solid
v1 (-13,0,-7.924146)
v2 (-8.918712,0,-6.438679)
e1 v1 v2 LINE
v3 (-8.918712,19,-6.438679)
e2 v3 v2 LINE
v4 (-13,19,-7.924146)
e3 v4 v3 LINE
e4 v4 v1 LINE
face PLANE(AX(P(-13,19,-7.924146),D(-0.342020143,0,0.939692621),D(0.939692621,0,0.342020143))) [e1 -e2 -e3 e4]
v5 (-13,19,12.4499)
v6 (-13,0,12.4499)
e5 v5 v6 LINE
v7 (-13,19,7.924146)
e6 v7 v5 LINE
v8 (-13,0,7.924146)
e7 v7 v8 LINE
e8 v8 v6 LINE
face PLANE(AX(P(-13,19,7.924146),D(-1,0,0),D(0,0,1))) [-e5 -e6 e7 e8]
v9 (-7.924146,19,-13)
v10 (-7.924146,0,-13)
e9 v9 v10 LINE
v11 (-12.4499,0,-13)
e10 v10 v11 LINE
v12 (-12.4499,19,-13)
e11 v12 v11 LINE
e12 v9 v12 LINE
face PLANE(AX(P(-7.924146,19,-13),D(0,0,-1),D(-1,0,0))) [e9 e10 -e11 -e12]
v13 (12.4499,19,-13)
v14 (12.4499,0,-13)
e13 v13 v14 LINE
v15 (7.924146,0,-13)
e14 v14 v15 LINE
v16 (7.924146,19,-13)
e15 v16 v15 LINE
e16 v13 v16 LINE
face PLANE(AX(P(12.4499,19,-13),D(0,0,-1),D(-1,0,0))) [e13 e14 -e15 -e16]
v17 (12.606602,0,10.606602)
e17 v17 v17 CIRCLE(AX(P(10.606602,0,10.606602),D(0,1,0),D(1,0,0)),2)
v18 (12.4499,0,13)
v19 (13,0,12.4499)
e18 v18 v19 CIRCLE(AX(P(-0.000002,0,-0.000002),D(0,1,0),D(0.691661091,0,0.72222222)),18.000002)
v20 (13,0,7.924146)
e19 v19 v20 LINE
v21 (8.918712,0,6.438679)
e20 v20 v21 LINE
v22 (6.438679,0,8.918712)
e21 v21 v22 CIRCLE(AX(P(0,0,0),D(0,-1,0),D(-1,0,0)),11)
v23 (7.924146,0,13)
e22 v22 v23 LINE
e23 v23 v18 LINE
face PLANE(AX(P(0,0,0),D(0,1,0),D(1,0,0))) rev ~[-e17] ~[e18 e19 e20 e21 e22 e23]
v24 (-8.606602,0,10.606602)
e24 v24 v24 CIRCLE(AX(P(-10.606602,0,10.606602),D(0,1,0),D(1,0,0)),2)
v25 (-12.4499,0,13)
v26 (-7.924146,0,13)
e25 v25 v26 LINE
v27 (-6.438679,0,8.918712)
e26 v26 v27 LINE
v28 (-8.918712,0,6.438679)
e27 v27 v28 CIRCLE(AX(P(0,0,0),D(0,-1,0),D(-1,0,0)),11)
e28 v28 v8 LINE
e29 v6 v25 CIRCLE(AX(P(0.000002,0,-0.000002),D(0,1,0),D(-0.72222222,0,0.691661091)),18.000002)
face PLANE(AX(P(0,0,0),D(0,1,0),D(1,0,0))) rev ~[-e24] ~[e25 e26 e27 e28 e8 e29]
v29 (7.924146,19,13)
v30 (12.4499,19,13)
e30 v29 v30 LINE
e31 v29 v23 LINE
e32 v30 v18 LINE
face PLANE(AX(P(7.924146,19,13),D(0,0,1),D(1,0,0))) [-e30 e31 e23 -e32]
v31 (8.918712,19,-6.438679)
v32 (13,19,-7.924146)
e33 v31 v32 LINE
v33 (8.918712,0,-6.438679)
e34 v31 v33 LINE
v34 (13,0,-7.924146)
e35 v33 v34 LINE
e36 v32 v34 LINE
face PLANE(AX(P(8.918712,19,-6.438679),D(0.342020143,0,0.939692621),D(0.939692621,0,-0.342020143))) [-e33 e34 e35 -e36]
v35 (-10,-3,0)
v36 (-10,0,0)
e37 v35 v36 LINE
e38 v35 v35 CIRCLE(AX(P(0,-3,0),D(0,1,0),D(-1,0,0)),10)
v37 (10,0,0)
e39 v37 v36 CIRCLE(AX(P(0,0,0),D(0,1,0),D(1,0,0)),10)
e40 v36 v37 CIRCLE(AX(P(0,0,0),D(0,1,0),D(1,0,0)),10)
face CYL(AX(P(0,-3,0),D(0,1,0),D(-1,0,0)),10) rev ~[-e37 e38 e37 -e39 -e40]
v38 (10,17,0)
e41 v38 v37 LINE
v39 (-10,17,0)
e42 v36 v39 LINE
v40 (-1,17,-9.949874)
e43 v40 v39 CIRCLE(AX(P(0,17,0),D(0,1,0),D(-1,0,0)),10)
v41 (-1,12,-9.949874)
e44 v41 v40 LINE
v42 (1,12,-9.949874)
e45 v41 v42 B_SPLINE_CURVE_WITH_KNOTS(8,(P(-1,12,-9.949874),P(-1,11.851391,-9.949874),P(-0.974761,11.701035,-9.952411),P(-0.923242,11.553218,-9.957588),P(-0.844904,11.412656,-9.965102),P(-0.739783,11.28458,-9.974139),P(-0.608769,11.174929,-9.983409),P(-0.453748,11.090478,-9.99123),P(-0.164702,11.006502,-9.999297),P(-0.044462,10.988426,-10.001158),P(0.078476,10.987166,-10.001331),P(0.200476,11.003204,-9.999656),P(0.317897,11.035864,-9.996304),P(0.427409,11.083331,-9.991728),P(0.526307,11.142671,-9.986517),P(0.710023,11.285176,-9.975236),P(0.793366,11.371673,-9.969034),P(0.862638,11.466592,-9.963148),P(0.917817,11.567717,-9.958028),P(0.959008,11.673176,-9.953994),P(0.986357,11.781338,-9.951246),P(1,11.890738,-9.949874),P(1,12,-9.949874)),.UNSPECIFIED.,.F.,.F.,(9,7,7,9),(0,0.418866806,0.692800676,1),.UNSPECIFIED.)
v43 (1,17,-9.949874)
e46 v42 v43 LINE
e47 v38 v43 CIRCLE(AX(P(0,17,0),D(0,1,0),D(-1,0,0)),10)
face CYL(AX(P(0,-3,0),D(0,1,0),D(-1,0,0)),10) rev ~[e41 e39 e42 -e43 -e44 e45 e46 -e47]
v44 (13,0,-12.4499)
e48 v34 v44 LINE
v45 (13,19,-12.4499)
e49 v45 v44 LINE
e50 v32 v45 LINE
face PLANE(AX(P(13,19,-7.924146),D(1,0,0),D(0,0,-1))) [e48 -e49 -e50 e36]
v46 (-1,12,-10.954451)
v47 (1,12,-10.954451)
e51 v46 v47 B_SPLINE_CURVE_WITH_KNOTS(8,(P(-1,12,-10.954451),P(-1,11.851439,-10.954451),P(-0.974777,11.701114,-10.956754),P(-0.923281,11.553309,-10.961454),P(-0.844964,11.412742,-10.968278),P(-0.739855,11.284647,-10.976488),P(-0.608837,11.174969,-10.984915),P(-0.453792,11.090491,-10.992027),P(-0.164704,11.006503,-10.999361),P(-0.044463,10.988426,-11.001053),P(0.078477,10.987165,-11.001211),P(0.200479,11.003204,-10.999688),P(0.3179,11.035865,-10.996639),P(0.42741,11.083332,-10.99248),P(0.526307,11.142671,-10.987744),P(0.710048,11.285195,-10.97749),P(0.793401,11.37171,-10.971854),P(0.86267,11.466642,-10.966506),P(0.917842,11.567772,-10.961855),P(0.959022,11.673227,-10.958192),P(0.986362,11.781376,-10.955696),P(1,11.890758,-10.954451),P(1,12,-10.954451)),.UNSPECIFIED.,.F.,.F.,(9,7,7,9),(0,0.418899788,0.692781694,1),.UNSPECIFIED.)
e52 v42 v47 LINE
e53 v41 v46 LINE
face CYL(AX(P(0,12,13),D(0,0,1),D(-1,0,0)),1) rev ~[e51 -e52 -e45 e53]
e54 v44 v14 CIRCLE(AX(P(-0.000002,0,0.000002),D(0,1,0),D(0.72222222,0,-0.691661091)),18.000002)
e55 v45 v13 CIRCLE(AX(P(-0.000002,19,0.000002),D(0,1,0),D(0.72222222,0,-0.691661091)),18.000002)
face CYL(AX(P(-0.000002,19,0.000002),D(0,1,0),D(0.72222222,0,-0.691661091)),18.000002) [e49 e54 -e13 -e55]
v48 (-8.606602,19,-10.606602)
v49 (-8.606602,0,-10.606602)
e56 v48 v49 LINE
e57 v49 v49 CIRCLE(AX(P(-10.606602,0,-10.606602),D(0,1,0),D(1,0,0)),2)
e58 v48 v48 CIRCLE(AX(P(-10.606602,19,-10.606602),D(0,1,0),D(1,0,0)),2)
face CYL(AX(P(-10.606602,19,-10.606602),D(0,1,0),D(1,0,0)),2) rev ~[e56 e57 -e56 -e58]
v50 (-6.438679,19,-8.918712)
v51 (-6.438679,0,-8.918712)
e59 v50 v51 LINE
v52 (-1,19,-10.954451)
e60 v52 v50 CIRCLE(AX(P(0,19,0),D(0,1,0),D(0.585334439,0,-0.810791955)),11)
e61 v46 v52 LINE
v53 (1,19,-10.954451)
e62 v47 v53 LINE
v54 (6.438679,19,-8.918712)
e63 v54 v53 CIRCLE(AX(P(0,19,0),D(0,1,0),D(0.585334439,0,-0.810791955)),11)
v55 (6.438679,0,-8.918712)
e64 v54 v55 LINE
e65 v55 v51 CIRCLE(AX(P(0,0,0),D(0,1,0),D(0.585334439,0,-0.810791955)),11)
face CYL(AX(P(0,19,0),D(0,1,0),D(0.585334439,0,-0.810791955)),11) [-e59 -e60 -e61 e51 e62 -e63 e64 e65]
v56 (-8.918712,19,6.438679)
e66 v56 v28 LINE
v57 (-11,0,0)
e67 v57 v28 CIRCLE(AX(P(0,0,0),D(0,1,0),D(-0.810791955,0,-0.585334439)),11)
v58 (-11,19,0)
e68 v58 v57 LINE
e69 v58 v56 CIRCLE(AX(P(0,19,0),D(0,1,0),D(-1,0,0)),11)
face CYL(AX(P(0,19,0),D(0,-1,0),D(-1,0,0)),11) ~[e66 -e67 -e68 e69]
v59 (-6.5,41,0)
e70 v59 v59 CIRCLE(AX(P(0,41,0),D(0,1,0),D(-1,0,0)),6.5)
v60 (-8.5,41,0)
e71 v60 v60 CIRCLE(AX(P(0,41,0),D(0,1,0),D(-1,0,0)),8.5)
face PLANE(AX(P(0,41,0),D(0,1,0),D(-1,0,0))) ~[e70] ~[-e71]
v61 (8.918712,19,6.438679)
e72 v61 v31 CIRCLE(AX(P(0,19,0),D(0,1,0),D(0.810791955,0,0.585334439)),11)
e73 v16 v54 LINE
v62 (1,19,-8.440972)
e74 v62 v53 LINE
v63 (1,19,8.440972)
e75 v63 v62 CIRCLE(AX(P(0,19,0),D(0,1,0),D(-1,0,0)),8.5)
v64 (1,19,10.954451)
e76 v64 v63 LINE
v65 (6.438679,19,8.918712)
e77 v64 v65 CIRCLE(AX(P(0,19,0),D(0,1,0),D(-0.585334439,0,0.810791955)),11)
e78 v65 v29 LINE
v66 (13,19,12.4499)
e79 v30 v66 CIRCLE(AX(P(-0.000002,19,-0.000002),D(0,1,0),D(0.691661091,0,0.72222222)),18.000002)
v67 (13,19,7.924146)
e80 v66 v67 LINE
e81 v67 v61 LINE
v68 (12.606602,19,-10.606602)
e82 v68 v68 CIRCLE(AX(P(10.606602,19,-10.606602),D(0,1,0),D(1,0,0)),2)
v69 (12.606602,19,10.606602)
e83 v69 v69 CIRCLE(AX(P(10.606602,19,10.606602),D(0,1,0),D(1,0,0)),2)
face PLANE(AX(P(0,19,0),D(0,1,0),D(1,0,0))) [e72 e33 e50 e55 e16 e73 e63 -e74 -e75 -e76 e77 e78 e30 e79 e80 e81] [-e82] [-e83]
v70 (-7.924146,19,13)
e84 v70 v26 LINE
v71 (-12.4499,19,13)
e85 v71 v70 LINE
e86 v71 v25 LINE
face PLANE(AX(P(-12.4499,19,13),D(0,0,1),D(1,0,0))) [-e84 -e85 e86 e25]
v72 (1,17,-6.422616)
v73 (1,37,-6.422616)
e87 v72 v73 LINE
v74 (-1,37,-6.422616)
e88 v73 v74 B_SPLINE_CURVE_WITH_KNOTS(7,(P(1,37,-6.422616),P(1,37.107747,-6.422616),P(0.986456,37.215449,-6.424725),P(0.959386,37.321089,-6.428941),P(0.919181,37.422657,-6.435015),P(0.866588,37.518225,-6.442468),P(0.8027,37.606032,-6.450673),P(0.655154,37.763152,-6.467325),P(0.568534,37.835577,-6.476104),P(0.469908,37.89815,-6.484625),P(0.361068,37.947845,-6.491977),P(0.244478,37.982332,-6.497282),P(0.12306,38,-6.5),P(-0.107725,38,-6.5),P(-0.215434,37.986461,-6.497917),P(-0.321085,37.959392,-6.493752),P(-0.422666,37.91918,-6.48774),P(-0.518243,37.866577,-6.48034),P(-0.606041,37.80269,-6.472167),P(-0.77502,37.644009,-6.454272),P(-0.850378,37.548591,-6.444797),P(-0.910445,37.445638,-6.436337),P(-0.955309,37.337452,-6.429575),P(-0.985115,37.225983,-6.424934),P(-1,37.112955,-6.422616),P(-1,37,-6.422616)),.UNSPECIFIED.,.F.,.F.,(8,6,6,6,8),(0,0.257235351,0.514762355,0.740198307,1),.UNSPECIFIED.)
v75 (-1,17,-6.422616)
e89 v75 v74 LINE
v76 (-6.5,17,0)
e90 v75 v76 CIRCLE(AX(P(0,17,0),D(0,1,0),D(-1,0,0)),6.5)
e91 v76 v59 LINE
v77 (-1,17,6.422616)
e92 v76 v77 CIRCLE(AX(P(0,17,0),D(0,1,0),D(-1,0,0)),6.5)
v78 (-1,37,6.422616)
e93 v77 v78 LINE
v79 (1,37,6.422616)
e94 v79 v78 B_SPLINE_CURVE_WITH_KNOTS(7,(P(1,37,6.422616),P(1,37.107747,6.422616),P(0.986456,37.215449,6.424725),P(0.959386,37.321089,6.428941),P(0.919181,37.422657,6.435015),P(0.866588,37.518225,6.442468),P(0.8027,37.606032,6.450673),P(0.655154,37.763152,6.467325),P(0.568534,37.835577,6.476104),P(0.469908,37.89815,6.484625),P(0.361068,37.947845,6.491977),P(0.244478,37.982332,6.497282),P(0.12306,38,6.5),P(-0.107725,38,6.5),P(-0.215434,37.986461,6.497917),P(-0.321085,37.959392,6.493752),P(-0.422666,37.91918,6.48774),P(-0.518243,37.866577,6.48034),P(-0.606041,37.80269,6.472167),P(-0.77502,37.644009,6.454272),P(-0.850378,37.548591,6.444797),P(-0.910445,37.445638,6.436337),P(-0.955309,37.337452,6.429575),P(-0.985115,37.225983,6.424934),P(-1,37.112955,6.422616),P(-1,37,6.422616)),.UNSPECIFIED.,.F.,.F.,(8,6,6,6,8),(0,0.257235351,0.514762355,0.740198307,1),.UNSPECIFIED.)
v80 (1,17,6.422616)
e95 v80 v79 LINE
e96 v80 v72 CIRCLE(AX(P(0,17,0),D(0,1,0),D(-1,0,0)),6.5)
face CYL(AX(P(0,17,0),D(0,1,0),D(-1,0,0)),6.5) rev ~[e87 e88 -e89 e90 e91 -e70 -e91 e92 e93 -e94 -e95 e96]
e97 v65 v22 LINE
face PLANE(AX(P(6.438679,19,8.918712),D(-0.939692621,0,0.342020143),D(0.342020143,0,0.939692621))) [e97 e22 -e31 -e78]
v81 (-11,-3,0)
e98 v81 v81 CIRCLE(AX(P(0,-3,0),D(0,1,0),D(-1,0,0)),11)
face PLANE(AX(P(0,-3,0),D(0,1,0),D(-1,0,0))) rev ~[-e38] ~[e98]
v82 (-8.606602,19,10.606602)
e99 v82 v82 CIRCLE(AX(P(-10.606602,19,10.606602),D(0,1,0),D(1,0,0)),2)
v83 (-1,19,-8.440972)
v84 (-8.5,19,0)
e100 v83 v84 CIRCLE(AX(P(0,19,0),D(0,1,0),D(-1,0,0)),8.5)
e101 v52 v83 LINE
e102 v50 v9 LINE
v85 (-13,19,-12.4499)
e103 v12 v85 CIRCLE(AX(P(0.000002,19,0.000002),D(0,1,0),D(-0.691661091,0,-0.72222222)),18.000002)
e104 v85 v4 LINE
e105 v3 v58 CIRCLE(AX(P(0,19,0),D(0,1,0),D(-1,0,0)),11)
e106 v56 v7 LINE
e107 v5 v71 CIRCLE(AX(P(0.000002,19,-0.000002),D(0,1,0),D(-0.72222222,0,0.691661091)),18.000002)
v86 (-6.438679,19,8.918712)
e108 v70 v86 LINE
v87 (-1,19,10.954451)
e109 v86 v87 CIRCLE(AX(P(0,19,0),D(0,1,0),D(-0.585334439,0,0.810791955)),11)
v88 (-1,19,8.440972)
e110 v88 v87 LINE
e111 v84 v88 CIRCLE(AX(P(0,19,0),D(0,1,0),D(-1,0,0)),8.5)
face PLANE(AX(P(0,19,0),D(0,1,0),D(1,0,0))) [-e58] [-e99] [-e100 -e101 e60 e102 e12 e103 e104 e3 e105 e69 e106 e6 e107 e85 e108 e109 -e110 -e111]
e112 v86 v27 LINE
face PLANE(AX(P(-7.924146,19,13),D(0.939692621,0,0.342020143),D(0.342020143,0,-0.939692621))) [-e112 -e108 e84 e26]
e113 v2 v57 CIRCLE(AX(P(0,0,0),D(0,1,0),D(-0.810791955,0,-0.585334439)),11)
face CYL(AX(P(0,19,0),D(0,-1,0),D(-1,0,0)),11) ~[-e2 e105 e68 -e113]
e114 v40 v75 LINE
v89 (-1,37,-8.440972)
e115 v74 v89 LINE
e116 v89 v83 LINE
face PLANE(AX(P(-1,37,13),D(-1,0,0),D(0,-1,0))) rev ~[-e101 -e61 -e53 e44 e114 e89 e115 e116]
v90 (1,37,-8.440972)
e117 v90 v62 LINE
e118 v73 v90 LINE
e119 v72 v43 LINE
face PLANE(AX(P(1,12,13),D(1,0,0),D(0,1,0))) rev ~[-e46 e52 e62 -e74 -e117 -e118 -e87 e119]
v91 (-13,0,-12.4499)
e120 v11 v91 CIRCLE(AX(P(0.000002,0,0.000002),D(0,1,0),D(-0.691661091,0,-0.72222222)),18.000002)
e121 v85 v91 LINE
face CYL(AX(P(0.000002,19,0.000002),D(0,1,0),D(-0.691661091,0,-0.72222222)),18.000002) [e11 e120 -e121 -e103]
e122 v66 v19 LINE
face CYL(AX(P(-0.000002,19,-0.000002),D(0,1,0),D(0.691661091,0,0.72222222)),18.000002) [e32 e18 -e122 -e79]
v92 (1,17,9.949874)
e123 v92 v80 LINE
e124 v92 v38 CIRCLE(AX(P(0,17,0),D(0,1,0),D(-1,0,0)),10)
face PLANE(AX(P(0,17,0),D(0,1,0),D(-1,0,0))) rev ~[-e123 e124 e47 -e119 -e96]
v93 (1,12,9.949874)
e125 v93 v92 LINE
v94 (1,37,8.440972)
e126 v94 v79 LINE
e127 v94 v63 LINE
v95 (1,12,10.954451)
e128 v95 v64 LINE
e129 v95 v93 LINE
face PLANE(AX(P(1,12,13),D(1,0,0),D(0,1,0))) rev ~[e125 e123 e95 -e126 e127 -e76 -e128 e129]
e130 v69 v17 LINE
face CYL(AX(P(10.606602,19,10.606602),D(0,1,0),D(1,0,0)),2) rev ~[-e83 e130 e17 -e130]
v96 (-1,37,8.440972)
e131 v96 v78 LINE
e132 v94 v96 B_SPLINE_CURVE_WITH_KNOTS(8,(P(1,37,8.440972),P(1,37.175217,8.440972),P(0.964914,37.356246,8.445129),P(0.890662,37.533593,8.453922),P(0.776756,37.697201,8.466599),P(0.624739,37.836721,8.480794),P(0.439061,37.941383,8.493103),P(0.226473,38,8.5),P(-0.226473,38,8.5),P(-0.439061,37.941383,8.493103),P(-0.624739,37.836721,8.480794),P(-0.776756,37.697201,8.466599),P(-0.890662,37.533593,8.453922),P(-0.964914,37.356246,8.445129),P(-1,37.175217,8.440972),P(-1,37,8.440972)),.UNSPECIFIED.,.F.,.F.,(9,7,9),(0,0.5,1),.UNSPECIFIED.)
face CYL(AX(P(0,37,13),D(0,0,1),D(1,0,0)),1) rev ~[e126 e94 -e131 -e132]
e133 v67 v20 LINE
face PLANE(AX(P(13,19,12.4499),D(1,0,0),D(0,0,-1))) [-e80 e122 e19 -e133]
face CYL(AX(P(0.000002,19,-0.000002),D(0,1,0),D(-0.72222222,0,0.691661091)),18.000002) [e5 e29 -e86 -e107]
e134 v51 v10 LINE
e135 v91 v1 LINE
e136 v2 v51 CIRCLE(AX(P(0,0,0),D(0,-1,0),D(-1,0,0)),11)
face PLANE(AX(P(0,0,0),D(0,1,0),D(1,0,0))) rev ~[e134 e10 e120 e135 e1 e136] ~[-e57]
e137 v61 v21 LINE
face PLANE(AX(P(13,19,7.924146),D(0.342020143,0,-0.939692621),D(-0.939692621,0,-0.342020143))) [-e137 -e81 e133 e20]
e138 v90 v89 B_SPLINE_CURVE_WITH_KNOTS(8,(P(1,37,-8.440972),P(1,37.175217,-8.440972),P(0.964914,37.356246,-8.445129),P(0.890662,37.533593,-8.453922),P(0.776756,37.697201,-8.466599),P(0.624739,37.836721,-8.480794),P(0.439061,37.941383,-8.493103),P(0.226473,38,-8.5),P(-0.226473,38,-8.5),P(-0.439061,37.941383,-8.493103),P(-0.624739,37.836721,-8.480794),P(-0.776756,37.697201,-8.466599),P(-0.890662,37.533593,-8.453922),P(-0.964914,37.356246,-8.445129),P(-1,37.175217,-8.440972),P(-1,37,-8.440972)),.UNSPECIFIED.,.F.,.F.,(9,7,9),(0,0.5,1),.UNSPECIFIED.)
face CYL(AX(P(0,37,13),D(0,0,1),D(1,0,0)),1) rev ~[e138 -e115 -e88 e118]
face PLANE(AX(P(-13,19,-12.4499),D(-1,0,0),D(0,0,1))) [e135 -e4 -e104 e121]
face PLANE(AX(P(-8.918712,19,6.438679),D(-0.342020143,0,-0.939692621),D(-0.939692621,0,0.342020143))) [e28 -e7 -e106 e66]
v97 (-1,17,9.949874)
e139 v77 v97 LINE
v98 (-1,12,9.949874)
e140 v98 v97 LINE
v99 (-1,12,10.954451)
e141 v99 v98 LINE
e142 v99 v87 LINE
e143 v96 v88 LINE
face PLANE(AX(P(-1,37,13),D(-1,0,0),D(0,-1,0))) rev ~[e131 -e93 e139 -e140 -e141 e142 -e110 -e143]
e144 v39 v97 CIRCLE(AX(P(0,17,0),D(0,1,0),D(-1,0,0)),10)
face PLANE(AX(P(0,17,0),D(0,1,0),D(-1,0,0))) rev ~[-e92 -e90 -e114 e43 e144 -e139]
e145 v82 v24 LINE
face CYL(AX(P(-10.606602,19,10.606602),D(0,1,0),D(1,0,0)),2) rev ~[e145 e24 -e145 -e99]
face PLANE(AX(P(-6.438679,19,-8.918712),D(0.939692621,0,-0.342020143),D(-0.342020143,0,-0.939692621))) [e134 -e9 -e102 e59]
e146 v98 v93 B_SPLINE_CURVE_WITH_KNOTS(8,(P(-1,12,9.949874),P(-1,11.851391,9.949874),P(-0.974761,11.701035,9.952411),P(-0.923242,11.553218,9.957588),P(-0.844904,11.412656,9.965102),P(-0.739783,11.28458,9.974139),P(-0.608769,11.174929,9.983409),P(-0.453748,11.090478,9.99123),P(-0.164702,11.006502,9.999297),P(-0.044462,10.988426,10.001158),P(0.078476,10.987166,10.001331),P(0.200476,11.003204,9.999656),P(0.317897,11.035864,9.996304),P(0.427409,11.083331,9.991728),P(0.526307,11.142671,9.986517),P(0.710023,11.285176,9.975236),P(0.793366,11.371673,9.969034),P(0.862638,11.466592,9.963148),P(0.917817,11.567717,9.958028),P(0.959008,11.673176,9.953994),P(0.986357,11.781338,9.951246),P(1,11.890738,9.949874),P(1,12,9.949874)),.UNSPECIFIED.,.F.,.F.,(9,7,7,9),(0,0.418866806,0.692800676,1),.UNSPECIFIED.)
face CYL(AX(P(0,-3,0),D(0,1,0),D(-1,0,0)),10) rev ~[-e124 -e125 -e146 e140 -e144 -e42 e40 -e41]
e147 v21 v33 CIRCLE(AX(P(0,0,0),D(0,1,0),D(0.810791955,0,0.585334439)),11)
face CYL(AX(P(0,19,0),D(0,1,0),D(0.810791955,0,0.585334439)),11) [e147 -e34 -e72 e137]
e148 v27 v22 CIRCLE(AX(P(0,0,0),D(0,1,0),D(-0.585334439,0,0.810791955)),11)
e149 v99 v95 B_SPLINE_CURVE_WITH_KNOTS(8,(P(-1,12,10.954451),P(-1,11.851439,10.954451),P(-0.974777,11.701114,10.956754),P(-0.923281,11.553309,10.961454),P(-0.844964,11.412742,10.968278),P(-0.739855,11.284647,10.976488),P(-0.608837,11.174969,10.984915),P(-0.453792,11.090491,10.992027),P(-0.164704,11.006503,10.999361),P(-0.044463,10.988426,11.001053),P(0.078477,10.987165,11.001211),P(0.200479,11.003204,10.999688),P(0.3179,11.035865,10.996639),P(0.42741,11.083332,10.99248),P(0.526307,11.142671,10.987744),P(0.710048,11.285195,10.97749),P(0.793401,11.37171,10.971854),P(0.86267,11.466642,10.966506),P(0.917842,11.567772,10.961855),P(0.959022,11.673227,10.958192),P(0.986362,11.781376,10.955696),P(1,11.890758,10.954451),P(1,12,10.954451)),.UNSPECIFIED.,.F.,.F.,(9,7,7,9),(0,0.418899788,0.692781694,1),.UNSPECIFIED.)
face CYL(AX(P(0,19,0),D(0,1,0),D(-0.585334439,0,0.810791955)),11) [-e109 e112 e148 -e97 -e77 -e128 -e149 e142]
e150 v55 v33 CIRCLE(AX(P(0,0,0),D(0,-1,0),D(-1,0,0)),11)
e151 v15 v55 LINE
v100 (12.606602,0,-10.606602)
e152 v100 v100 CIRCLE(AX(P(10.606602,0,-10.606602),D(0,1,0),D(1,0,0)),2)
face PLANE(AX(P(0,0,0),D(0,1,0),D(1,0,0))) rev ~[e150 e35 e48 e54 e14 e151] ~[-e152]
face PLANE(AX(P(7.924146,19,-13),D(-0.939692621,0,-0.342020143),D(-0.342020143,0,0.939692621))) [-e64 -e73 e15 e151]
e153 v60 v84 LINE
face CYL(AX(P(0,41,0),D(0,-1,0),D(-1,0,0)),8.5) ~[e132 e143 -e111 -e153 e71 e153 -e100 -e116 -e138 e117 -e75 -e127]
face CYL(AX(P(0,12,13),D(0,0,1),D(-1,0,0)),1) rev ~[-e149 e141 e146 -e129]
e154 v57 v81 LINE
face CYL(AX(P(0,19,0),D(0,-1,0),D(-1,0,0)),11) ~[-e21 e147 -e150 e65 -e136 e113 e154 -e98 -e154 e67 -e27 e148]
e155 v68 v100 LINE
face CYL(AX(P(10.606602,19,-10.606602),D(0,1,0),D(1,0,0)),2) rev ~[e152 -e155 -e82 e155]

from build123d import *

# Parameters (mm, degrees)
ESQUISSE3_R      = 2
ESQUISSE3_R_2    = 10
EXTRUSION2_DEPTH = 19
EXTRUSION4_DEPTH = 27


with BuildPart() as part:
    # Esquisse1 → Révolution1 (revolve)
    with BuildSketch(Plane.XY):
        Polygon((-6.5, 17), (-6.5, 41), (-8.5, 41), (-8.5, 19), (-11, 19), (-11, -3), (-10, -3), (-10, 17), align=None)
    revolve(axis=Axis((0, 0, 0), (0, 1, 0)))

    # Esquisse3 → Extrusion2 (add)
    with BuildSketch(Plane(origin=(0, 19, 0), x_dir=(1, 0, 0), z_dir=(0, 1, 0))):
        with BuildLine():
            Line((-12.449899598, -13), (-7.924146363, -13))
            Line((-7.924146363, -13), (-6.438678833, -8.918711504))
            ThreePointArc((-6.438678833, -8.918711504), (0, -11), (6.438678833, -8.918711504))
            Line((6.438678833, -8.918711504), (7.924146363, -13))
            Line((7.924146363, -13), (12.449899598, -13))
            ThreePointArc((12.449899598, -13), (12.727922061, -12.727922061), (13, -12.449899598))
            Line((13, -12.449899598), (13, -7.924146363))
            Line((13, -7.924146363), (8.918711504, -6.438678833))
            ThreePointArc((8.918711504, -6.438678833), (11, 0), (8.918711504, 6.438678833))
            Line((8.918711504, 6.438678833), (13, 7.924146363))
            Line((13, 7.924146363), (13, 12.449899598))
            ThreePointArc((13, 12.449899598), (12.727922061, 12.727922061), (12.449899598, 13))
            Line((12.449899598, 13), (7.924146363, 13))
            Line((7.924146363, 13), (6.438678833, 8.918711504))
            ThreePointArc((6.438678833, 8.918711504), (0, 11), (-6.438678833, 8.918711504))
            Line((-6.438678833, 8.918711504), (-7.924146363, 13))
            Line((-7.924146363, 13), (-12.449899598, 13))
            ThreePointArc((-12.449899598, 13), (-12.727922061, 12.727922061), (-13, 12.449899598))
            Line((-13, 12.449899598), (-13, 7.924146363))
            Line((-13, 7.924146363), (-8.918711504, 6.438678833))
            ThreePointArc((-8.918711504, 6.438678833), (-11, 0), (-8.918711504, -6.438678833))
            Line((-8.918711504, -6.438678833), (-13, -7.924146363))
            Line((-13, -7.924146363), (-13, -12.449899598))
            ThreePointArc((-13, -12.449899598), (-12.727922061, -12.727922061), (-12.449899598, -13))
        make_face()
        with Locations((10.606601718, 10.606601718)):
            Circle(ESQUISSE3_R, mode=Mode.SUBTRACT)
        with Locations((-10.606601718, -10.606601718)):
            Circle(ESQUISSE3_R, mode=Mode.SUBTRACT)
        with Locations((-10.606601718, 10.606601718)):
            Circle(ESQUISSE3_R, mode=Mode.SUBTRACT)
        with Locations((10.606601718, -10.606601718)):
            Circle(ESQUISSE3_R, mode=Mode.SUBTRACT)
        Circle(ESQUISSE3_R_2, mode=Mode.SUBTRACT)
    extrude(amount=-EXTRUSION2_DEPTH)

    # Esquisse4 → Extrusion4 (cut, through all)
    with BuildSketch(Plane.XY.offset(13)):
        with BuildLine():
            Line((-1, 37), (-1, 12))
            ThreePointArc((-1, 12), (0, 11), (1, 12))
            Line((1, 12), (1, 37))
            ThreePointArc((1, 37), (0, 38), (-1, 37))
        make_face()
    extrude(amount=-EXTRUSION4_DEPTH, mode=Mode.SUBTRACT)


solid = part.part
